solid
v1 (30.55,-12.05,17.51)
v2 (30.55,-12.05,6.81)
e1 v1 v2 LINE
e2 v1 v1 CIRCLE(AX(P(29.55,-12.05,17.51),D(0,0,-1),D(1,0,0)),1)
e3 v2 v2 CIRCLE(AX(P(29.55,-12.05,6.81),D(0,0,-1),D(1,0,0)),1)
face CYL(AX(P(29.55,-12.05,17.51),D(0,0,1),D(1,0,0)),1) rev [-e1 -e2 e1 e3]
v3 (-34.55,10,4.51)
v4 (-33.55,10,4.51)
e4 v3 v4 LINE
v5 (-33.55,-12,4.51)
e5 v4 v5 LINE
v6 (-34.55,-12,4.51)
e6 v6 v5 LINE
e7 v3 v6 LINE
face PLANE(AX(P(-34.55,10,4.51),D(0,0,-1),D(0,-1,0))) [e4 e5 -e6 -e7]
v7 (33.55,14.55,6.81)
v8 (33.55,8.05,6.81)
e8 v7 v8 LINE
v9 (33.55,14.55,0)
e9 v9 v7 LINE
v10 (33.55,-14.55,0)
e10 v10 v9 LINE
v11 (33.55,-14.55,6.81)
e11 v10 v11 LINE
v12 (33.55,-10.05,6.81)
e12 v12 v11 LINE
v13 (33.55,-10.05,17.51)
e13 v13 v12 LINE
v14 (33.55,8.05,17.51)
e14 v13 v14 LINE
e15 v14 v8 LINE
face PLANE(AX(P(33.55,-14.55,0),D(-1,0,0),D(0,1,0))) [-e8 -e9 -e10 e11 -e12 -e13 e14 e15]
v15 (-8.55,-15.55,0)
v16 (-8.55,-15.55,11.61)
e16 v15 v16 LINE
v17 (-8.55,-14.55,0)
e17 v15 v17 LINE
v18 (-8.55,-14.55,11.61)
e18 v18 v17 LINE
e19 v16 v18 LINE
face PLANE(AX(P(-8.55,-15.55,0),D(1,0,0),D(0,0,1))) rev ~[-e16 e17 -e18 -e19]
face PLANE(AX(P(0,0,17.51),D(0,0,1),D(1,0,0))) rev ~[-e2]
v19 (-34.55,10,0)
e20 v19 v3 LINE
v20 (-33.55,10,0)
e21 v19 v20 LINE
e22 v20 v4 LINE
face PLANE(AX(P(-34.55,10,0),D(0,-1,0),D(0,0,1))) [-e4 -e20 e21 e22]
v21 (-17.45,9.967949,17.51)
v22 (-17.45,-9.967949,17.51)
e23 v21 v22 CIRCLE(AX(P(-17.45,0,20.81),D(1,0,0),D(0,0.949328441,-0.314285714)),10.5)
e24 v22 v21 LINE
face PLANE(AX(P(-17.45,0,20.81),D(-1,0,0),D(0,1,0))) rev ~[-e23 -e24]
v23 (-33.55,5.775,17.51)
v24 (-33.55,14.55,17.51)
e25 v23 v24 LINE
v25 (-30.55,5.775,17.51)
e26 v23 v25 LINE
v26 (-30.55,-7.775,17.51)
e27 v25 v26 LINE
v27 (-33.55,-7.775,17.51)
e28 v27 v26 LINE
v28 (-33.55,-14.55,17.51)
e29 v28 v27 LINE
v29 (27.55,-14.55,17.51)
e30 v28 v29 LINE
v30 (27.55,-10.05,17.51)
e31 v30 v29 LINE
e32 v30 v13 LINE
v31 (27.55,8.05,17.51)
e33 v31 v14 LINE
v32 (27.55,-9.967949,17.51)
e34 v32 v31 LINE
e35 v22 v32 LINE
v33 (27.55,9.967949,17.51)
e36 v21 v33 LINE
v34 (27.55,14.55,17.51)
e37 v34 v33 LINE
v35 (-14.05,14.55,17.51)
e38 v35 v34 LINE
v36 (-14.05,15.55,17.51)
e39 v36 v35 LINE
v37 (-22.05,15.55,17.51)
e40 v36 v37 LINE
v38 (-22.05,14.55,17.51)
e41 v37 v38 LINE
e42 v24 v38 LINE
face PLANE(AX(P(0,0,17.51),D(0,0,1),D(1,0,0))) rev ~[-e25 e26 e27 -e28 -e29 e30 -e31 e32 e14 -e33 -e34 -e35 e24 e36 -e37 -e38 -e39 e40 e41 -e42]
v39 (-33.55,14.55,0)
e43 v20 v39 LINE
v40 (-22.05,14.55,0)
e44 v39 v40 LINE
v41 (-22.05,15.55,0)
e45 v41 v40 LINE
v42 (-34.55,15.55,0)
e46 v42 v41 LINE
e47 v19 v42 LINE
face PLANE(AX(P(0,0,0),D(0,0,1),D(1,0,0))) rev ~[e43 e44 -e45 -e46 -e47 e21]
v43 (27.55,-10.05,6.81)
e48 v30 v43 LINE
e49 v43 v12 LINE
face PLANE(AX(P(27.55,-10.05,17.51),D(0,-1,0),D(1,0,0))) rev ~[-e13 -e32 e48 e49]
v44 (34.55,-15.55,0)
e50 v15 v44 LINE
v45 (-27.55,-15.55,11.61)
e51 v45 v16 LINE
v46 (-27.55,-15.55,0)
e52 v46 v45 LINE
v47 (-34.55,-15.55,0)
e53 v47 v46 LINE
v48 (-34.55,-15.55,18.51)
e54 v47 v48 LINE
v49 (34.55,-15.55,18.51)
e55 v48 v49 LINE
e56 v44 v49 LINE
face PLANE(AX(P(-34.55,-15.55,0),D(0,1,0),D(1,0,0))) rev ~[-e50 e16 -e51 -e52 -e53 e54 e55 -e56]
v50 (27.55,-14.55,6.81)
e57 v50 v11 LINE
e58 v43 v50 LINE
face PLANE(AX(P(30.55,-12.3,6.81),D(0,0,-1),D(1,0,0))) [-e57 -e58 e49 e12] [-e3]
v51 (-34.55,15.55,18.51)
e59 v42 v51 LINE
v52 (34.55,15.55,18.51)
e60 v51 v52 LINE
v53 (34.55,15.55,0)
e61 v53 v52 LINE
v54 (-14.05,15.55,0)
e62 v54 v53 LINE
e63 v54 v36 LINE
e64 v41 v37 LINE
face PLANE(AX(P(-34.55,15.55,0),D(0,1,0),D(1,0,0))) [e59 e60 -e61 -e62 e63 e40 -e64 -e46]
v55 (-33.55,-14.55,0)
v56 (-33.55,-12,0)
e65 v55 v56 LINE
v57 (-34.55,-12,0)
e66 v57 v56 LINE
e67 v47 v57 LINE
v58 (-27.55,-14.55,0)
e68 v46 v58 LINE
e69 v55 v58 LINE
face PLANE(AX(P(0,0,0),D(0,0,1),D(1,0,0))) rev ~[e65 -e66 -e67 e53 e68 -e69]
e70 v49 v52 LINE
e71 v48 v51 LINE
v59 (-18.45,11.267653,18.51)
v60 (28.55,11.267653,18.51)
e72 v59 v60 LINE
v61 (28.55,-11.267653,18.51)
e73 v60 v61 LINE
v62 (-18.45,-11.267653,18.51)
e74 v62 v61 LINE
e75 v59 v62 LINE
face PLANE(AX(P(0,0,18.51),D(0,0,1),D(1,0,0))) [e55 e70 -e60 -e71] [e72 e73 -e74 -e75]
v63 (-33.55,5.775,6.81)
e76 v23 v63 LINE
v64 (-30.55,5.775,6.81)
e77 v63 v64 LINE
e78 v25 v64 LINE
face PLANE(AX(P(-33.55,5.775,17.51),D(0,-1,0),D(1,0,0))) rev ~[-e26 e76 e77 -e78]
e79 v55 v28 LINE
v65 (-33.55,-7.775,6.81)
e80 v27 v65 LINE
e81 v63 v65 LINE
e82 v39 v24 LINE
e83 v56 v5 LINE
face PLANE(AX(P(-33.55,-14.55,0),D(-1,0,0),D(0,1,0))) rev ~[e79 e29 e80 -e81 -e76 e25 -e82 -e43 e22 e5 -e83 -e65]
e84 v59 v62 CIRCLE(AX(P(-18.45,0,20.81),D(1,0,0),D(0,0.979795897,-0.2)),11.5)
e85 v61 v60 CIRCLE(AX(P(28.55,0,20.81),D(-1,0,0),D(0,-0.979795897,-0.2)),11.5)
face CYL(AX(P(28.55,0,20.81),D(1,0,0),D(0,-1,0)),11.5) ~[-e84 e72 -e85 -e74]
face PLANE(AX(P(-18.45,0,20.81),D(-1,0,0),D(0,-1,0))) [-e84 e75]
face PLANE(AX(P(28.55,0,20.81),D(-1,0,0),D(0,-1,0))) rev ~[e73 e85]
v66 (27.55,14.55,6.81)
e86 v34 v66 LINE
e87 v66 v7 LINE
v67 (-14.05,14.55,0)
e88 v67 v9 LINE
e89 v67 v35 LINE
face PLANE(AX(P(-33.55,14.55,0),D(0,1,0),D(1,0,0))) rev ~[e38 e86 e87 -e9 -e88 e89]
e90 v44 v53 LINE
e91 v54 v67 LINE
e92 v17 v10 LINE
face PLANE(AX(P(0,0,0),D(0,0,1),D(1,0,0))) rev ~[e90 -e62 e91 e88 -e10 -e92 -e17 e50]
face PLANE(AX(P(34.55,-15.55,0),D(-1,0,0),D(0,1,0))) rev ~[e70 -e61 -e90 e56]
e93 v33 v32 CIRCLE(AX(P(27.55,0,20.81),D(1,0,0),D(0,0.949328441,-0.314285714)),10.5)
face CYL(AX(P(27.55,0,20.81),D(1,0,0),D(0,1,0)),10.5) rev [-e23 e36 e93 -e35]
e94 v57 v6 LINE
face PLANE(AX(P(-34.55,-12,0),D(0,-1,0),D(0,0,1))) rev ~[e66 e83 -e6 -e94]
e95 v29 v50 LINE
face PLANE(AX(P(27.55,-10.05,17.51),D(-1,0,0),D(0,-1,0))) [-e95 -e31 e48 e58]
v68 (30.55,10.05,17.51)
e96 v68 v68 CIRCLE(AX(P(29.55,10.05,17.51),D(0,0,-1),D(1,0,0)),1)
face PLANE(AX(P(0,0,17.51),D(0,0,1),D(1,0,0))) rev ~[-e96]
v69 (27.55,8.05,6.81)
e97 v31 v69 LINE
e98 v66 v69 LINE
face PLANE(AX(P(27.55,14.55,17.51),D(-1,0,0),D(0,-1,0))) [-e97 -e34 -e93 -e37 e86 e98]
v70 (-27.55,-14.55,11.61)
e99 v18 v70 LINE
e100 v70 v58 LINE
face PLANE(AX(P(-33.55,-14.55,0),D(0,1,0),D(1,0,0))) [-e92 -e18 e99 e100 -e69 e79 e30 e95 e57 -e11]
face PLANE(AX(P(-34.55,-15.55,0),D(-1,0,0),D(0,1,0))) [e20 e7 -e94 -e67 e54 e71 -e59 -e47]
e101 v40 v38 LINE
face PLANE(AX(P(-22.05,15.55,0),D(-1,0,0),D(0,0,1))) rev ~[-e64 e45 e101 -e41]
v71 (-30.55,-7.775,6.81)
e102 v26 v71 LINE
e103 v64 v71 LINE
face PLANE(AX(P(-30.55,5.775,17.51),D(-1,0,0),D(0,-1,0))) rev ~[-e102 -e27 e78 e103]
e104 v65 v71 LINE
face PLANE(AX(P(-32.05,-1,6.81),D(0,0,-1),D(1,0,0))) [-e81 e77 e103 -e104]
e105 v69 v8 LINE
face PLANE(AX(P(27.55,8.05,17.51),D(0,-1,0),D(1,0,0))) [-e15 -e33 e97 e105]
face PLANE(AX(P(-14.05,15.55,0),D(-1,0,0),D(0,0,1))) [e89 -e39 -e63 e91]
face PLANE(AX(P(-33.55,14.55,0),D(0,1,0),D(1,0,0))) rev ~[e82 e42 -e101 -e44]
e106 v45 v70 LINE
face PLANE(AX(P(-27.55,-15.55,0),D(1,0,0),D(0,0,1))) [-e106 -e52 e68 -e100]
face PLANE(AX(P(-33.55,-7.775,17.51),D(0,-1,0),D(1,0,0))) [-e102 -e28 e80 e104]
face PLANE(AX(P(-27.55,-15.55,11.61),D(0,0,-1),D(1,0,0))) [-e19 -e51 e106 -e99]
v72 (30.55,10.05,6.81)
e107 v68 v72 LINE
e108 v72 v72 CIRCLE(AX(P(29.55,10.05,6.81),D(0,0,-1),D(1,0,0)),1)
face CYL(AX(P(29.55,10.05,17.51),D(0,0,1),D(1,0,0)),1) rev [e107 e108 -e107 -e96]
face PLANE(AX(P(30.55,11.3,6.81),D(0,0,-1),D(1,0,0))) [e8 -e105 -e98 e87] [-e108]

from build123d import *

# Parameters (mm, degrees)
SKETCH001_W       = 69.1
SKETCH001_H       = 31.1
PAD_DEPTH         = 18.51
CYLINDER_R        = 11.5
CYLINDER_DEPTH    = 47
CYLINDER001_R     = 10.5
CYLINDER001_DEPTH = 45
BOX_W             = 67.1
BOX_H             = 29.1
BOX_DEPTH         = 17.51
SKETCH003_W       = 6
SKETCH003_H       = 4.5
SKETCH003_R       = 1
SKETCH003_H_2     = 6.5
PAD001_DEPTH      = 10.7
SKETCH004_W       = 8
SKETCH004_H       = 17.51
POCKET_DEPTH      = 5
SKETCH005_W       = 3
SKETCH005_H       = 13.55
PAD002_DEPTH      = 10.7
SKETCH006_W       = 19
SKETCH006_H       = 11.61
POCKET001_DEPTH   = 5
SKETCH007_W       = 22
SKETCH007_H       = 4.51
POCKET002_DEPTH   = 5


with BuildPart() as part:
    # Sketch001 → Pad (new body)
    with BuildSketch(Plane.XY):
        Rectangle(SKETCH001_W, SKETCH001_H)
    extrude(amount=PAD_DEPTH)

    # Cylinder → Cylinder (join)
    with BuildSketch(Plane(origin=(28.55, 0, 20.81), x_dir=(0, -1, 0), z_dir=(-1, 0, 0))):
        Circle(CYLINDER_R)
    extrude(amount=CYLINDER_DEPTH)

    # Cylinder001 → Cylinder001 (cut)
    with BuildSketch(Plane(origin=(27.55, 0, 20.81), x_dir=(0, 1, 0), z_dir=(-1, 0, 0))):
        Circle(CYLINDER001_R)
    extrude(amount=CYLINDER001_DEPTH, mode=Mode.SUBTRACT)

    # Box → Box (cut)
    with BuildSketch(Plane(origin=(-33.55, -14.55, 0), x_dir=(1, 0, 0), z_dir=(0, 0, 1))):
        with Locations((33.55, 14.55)):
            Rectangle(BOX_W, BOX_H)
    extrude(amount=BOX_DEPTH, mode=Mode.SUBTRACT)

    # Sketch003 (on Face15 of Box) → Pad001 (join)
    with BuildSketch(Plane(origin=(-33.55, -14.55, 17.51), x_dir=(1, 0, 0), z_dir=(0, 0, -1))):
        with Locations((64.1, -2.25)):
            Rectangle(SKETCH003_W, SKETCH003_H)
        with Locations((63.1, -2.5)):
            Circle(SKETCH003_R, mode=Mode.SUBTRACT)
        with Locations((64.1, -25.85)):
            Rectangle(SKETCH003_W, SKETCH003_H_2)
        with Locations((63.1, -24.6)):
            Circle(SKETCH003_R, mode=Mode.SUBTRACT)
    extrude(amount=PAD001_DEPTH)

    # Sketch004 (on Face2 of Pad001) → Pocket (cut)
    with BuildSketch(Plane(origin=(-33.55, 15.55, 0), x_dir=(-1, 0, 0), z_dir=(0, 1, 0))):
        with Locations((-15.5, 8.755)):
            Rectangle(SKETCH004_W, SKETCH004_H)
    extrude(amount=-POCKET_DEPTH, mode=Mode.SUBTRACT)

    # Sketch005 (on Face20 of Pocket) → Pad002 (join)
    with BuildSketch(Plane(origin=(-33.55, -14.55, 17.51), x_dir=(1, 0, 0), z_dir=(0, 0, -1))):
        with Locations((1.5, -13.55)):
            Rectangle(SKETCH005_W, SKETCH005_H)
    extrude(amount=PAD002_DEPTH)

    # Sketch006 (on Face3 of Pad002) → Pocket001 (cut)
    with BuildSketch(Plane(origin=(-33.55, -15.55, 0), x_dir=(1, 0, 0), z_dir=(0, -1, 0))):
        with Locations((15.5, 5.805)):
            Rectangle(SKETCH006_W, SKETCH006_H)
    extrude(amount=-POCKET001_DEPTH, mode=Mode.SUBTRACT)

    # Sketch007 (on Face1 of Pocket001) → Pocket002 (cut)
    with BuildSketch(Plane(origin=(-34.55, -14.55, 0), x_dir=(0, -1, 0), z_dir=(-1, 0, 0))):
        with Locations((-13.55, 2.255)):
            Rectangle(SKETCH007_W, SKETCH007_H)
    extrude(amount=-POCKET002_DEPTH, mode=Mode.SUBTRACT)


solid = part.part
